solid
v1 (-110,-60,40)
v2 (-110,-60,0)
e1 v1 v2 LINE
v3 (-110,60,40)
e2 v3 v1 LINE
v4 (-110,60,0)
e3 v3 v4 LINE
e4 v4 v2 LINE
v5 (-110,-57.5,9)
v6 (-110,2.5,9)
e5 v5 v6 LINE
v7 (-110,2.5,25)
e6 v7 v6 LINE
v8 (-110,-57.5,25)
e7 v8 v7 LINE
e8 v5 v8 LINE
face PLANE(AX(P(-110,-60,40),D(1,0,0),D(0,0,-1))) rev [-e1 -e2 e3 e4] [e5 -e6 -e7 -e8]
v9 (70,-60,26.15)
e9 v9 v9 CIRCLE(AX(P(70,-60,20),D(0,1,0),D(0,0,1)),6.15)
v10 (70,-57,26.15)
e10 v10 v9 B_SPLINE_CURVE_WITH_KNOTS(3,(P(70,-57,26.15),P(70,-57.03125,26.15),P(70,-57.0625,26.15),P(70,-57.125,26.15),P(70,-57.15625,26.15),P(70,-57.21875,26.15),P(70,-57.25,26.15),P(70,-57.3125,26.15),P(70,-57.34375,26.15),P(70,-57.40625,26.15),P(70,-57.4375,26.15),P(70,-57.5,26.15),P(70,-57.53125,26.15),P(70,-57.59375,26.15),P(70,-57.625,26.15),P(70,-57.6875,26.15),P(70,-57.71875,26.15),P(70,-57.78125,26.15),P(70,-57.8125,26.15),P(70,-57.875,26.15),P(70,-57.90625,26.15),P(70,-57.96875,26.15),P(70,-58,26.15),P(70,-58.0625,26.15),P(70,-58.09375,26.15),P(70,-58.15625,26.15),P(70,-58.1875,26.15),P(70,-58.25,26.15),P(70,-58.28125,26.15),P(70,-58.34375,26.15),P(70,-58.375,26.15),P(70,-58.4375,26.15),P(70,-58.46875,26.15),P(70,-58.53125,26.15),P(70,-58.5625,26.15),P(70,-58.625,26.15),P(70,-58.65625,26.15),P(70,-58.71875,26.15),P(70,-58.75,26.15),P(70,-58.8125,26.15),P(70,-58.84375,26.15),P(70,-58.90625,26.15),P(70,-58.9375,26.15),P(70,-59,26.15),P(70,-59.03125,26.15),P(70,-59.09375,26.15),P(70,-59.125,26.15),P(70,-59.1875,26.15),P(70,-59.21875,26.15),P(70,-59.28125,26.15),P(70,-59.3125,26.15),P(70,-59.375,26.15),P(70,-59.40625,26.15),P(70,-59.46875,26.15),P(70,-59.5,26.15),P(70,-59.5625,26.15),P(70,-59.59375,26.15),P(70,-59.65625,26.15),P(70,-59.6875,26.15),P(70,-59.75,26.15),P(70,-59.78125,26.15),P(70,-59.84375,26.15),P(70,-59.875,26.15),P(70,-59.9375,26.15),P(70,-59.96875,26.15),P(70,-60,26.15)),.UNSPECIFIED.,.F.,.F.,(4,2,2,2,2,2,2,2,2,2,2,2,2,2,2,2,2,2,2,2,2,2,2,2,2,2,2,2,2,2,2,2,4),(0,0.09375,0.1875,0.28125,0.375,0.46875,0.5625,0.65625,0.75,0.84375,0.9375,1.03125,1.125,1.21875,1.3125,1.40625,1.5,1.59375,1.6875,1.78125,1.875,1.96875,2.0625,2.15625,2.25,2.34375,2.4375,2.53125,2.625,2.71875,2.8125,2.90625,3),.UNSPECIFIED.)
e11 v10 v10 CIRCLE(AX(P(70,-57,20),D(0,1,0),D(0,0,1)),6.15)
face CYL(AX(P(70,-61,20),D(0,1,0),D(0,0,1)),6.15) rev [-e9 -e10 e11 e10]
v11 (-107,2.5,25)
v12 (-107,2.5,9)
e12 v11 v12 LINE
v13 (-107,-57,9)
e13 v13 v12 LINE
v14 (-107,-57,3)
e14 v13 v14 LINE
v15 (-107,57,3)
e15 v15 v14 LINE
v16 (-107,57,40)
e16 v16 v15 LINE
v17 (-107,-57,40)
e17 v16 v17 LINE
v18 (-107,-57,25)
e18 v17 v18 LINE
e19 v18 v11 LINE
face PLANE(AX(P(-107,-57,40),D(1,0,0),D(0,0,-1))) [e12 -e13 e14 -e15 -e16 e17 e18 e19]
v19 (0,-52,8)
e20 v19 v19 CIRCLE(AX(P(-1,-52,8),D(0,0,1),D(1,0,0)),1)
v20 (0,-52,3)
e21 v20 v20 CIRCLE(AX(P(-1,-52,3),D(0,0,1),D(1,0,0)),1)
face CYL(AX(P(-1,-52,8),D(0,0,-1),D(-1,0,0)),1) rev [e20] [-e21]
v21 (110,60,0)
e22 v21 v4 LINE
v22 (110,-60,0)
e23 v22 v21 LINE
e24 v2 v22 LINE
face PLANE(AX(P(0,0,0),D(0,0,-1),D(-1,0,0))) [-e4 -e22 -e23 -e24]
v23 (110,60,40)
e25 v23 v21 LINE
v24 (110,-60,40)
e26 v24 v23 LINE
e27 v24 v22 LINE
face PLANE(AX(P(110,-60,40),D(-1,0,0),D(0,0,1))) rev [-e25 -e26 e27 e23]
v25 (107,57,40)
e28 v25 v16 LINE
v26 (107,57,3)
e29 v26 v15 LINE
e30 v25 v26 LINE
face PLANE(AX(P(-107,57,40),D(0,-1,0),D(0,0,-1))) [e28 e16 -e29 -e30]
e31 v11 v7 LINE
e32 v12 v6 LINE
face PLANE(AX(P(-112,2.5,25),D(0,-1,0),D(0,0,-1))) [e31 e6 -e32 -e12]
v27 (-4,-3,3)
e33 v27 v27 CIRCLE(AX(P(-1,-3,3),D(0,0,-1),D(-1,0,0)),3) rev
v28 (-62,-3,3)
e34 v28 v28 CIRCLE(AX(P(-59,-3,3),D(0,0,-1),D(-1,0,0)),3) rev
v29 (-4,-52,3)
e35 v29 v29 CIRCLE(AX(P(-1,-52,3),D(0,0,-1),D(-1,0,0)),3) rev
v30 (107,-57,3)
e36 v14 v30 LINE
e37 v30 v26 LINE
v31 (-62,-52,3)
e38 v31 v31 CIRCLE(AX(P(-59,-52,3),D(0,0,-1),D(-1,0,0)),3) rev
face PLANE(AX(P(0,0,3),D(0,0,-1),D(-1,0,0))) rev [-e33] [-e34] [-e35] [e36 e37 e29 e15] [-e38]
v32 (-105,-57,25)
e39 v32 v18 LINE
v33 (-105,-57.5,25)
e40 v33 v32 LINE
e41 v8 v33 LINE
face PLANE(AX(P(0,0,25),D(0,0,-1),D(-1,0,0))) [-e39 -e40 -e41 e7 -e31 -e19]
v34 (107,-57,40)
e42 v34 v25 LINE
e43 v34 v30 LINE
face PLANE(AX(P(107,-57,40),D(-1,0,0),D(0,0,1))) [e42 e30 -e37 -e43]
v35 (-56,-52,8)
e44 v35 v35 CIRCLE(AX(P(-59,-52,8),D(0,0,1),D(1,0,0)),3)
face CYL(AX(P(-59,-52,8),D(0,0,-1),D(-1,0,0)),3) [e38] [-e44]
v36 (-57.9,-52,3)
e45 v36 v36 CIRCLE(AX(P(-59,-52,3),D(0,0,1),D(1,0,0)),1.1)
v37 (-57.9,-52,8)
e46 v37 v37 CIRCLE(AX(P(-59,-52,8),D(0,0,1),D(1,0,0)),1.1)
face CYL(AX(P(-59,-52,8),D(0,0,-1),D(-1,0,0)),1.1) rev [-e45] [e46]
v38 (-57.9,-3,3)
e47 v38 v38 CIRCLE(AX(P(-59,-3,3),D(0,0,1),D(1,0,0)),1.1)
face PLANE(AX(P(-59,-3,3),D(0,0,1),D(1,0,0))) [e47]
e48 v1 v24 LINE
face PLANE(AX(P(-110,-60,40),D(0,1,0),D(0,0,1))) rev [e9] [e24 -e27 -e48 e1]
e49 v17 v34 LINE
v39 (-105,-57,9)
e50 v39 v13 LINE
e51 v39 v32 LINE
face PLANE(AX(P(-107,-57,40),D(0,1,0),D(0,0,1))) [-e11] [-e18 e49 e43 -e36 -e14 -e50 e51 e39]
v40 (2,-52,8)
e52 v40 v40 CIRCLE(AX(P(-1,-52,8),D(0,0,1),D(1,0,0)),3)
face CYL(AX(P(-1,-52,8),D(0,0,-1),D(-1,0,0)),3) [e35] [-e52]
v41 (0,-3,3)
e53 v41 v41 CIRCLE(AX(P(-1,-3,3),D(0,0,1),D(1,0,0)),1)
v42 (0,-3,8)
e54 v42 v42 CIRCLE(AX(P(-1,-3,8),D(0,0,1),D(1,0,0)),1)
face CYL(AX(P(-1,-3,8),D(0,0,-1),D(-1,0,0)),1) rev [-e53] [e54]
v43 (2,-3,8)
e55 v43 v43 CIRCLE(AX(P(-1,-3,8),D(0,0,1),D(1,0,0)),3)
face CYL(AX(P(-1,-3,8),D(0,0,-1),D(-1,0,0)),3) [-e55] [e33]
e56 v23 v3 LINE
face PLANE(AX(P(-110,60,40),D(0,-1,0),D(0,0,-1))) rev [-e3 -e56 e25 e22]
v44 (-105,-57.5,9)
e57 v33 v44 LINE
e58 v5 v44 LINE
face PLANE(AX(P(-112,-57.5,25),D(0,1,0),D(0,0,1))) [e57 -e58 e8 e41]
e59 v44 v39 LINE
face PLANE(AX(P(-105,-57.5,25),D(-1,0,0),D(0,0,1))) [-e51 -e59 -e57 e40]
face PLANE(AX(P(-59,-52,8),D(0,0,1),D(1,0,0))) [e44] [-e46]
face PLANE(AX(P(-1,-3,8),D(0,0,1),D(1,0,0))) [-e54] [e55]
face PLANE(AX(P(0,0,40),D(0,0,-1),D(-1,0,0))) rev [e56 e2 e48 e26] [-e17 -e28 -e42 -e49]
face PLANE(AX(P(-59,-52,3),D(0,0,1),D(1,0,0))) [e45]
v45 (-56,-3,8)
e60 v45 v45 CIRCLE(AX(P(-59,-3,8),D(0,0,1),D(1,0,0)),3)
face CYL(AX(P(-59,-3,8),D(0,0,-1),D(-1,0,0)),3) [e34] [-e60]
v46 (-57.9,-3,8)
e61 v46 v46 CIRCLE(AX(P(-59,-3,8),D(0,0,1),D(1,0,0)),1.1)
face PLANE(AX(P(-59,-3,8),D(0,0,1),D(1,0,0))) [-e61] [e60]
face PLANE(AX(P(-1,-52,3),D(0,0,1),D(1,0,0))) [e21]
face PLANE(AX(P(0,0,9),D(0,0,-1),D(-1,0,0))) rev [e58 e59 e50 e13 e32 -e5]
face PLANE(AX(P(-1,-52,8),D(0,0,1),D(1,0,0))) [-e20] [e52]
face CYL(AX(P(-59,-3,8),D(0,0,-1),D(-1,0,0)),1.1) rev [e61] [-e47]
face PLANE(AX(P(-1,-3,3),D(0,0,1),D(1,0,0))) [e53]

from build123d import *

# Parameters (mm, degrees)
SKETCH_1_W          = 220
SKETCH_1_H          = 120
ENCLOSURE_DEPTH     = 40
CAVITY_START        = 3
SKETCH_2_W          = 214
SKETCH_2_H          = 114
CAVITY_DEPTH        = 37
SKETCH_3_R          = 3
STANDOFF_DEPTH      = 8
STANDOFFHOLE_START  = 3
SKETCH_4_R          = 1.1
STANDOFFHOLE_DEPTH  = 5
SKETCH_5_R          = 3
EXTRUDE_3_DEPTH     = 8
CUT_EXTRUDE_START   = 3
SKETCH_6_R          = 1.1
CUT_EXTRUDE_3_DEPTH = 5
SKETCH_7_R          = 3
EXTRUDE_4_DEPTH     = 8
SKETCH_8_R          = 1
CUT_EXTRUDE_4_DEPTH = 5
SKETCH_9_R          = 3
EXTRUDE_5_DEPTH     = 8
SKETCH_10_R         = 1
CUT_EXTRUDE_5_DEPTH = 5
SKETCH_11_R         = 6.15
BUTTONHOLE_DEPTH    = 61
PORT_START          = 9
SKETCH_12_W         = 7
SKETCH_12_H         = 60
PORT_DEPTH          = 16


with BuildPart() as part:
    # 草图1 → Enclosure (new body)
    with BuildSketch(Plane.XY):
        Rectangle(SKETCH_1_W, SKETCH_1_H)
    extrude(amount=ENCLOSURE_DEPTH)

    # 草图2 → Cavity (cut)
    with BuildSketch(Plane.XY.offset(CAVITY_START)):
        Rectangle(SKETCH_2_W, SKETCH_2_H)
    extrude(amount=CAVITY_DEPTH, mode=Mode.SUBTRACT)

    # 草图3 → Standoff (add)
    with BuildSketch(Plane.XY):
        with Locations(Location((-59, -52, 0), (0, 0, 180))):
            Circle(SKETCH_3_R)
    extrude(amount=STANDOFF_DEPTH)

    # 草图4 → StandoffHole (cut)
    with BuildSketch(Plane.XY.offset(STANDOFFHOLE_START)):
        with Locations((-59, -52)):
            Circle(SKETCH_4_R)
    extrude(amount=STANDOFFHOLE_DEPTH, mode=Mode.SUBTRACT)

    # 草图5 → 凸台-拉伸3 (add)
    with BuildSketch(Plane.XY):
        with Locations(Location((-59, -3, 0), (0, 0, 180))):
            Circle(SKETCH_5_R)
    extrude(amount=EXTRUDE_3_DEPTH)

    # 草图6 → 切除-拉伸3 (cut)
    with BuildSketch(Plane.XY.offset(CUT_EXTRUDE_START)):
        with Locations((-59, -3)):
            Circle(SKETCH_6_R)
    extrude(amount=CUT_EXTRUDE_3_DEPTH, mode=Mode.SUBTRACT)

    # 草图7 → 凸台-拉伸4 (add)
    with BuildSketch(Plane.XY):
        with Locations(Location((-1, -52, 0), (0, 0, 180))):
            Circle(SKETCH_7_R)
    extrude(amount=EXTRUDE_4_DEPTH)

    # 草图8 → 切除-拉伸4 (cut)
    with BuildSketch(Plane.XY.offset(CUT_EXTRUDE_START)):
        with Locations((-1, -52)):
            Circle(SKETCH_8_R)
    extrude(amount=CUT_EXTRUDE_4_DEPTH, mode=Mode.SUBTRACT)

    # 草图9 → 凸台-拉伸5 (add)
    with BuildSketch(Plane.XY):
        with Locations(Location((-1, -3, 0), (0, 0, 180))):
            Circle(SKETCH_9_R)
    extrude(amount=EXTRUDE_5_DEPTH)

    # 草图10 → 切除-拉伸5 (cut)
    with BuildSketch(Plane.XY.offset(CUT_EXTRUDE_START)):
        with Locations((-1, -3)):
            Circle(SKETCH_10_R)
    extrude(amount=CUT_EXTRUDE_5_DEPTH, mode=Mode.SUBTRACT)

    # 草图11 → ButtonHole (cut)
    with BuildSketch(Plane(origin=(0, 0, 0), x_dir=(1, 0, 0), z_dir=(0, 1, 0))):
        with Locations(Location((70, -20, 0), (0, 0, 270))):
            Circle(SKETCH_11_R)
    extrude(amount=-BUTTONHOLE_DEPTH, mode=Mode.SUBTRACT)

    # 草图12 → Port (cut)
    with BuildSketch(Plane.XY.offset(PORT_START)):
        with Locations((-108.5, -27.5)):
            Rectangle(SKETCH_12_W, SKETCH_12_H)
    extrude(amount=PORT_DEPTH, mode=Mode.SUBTRACT)


solid = part.part
